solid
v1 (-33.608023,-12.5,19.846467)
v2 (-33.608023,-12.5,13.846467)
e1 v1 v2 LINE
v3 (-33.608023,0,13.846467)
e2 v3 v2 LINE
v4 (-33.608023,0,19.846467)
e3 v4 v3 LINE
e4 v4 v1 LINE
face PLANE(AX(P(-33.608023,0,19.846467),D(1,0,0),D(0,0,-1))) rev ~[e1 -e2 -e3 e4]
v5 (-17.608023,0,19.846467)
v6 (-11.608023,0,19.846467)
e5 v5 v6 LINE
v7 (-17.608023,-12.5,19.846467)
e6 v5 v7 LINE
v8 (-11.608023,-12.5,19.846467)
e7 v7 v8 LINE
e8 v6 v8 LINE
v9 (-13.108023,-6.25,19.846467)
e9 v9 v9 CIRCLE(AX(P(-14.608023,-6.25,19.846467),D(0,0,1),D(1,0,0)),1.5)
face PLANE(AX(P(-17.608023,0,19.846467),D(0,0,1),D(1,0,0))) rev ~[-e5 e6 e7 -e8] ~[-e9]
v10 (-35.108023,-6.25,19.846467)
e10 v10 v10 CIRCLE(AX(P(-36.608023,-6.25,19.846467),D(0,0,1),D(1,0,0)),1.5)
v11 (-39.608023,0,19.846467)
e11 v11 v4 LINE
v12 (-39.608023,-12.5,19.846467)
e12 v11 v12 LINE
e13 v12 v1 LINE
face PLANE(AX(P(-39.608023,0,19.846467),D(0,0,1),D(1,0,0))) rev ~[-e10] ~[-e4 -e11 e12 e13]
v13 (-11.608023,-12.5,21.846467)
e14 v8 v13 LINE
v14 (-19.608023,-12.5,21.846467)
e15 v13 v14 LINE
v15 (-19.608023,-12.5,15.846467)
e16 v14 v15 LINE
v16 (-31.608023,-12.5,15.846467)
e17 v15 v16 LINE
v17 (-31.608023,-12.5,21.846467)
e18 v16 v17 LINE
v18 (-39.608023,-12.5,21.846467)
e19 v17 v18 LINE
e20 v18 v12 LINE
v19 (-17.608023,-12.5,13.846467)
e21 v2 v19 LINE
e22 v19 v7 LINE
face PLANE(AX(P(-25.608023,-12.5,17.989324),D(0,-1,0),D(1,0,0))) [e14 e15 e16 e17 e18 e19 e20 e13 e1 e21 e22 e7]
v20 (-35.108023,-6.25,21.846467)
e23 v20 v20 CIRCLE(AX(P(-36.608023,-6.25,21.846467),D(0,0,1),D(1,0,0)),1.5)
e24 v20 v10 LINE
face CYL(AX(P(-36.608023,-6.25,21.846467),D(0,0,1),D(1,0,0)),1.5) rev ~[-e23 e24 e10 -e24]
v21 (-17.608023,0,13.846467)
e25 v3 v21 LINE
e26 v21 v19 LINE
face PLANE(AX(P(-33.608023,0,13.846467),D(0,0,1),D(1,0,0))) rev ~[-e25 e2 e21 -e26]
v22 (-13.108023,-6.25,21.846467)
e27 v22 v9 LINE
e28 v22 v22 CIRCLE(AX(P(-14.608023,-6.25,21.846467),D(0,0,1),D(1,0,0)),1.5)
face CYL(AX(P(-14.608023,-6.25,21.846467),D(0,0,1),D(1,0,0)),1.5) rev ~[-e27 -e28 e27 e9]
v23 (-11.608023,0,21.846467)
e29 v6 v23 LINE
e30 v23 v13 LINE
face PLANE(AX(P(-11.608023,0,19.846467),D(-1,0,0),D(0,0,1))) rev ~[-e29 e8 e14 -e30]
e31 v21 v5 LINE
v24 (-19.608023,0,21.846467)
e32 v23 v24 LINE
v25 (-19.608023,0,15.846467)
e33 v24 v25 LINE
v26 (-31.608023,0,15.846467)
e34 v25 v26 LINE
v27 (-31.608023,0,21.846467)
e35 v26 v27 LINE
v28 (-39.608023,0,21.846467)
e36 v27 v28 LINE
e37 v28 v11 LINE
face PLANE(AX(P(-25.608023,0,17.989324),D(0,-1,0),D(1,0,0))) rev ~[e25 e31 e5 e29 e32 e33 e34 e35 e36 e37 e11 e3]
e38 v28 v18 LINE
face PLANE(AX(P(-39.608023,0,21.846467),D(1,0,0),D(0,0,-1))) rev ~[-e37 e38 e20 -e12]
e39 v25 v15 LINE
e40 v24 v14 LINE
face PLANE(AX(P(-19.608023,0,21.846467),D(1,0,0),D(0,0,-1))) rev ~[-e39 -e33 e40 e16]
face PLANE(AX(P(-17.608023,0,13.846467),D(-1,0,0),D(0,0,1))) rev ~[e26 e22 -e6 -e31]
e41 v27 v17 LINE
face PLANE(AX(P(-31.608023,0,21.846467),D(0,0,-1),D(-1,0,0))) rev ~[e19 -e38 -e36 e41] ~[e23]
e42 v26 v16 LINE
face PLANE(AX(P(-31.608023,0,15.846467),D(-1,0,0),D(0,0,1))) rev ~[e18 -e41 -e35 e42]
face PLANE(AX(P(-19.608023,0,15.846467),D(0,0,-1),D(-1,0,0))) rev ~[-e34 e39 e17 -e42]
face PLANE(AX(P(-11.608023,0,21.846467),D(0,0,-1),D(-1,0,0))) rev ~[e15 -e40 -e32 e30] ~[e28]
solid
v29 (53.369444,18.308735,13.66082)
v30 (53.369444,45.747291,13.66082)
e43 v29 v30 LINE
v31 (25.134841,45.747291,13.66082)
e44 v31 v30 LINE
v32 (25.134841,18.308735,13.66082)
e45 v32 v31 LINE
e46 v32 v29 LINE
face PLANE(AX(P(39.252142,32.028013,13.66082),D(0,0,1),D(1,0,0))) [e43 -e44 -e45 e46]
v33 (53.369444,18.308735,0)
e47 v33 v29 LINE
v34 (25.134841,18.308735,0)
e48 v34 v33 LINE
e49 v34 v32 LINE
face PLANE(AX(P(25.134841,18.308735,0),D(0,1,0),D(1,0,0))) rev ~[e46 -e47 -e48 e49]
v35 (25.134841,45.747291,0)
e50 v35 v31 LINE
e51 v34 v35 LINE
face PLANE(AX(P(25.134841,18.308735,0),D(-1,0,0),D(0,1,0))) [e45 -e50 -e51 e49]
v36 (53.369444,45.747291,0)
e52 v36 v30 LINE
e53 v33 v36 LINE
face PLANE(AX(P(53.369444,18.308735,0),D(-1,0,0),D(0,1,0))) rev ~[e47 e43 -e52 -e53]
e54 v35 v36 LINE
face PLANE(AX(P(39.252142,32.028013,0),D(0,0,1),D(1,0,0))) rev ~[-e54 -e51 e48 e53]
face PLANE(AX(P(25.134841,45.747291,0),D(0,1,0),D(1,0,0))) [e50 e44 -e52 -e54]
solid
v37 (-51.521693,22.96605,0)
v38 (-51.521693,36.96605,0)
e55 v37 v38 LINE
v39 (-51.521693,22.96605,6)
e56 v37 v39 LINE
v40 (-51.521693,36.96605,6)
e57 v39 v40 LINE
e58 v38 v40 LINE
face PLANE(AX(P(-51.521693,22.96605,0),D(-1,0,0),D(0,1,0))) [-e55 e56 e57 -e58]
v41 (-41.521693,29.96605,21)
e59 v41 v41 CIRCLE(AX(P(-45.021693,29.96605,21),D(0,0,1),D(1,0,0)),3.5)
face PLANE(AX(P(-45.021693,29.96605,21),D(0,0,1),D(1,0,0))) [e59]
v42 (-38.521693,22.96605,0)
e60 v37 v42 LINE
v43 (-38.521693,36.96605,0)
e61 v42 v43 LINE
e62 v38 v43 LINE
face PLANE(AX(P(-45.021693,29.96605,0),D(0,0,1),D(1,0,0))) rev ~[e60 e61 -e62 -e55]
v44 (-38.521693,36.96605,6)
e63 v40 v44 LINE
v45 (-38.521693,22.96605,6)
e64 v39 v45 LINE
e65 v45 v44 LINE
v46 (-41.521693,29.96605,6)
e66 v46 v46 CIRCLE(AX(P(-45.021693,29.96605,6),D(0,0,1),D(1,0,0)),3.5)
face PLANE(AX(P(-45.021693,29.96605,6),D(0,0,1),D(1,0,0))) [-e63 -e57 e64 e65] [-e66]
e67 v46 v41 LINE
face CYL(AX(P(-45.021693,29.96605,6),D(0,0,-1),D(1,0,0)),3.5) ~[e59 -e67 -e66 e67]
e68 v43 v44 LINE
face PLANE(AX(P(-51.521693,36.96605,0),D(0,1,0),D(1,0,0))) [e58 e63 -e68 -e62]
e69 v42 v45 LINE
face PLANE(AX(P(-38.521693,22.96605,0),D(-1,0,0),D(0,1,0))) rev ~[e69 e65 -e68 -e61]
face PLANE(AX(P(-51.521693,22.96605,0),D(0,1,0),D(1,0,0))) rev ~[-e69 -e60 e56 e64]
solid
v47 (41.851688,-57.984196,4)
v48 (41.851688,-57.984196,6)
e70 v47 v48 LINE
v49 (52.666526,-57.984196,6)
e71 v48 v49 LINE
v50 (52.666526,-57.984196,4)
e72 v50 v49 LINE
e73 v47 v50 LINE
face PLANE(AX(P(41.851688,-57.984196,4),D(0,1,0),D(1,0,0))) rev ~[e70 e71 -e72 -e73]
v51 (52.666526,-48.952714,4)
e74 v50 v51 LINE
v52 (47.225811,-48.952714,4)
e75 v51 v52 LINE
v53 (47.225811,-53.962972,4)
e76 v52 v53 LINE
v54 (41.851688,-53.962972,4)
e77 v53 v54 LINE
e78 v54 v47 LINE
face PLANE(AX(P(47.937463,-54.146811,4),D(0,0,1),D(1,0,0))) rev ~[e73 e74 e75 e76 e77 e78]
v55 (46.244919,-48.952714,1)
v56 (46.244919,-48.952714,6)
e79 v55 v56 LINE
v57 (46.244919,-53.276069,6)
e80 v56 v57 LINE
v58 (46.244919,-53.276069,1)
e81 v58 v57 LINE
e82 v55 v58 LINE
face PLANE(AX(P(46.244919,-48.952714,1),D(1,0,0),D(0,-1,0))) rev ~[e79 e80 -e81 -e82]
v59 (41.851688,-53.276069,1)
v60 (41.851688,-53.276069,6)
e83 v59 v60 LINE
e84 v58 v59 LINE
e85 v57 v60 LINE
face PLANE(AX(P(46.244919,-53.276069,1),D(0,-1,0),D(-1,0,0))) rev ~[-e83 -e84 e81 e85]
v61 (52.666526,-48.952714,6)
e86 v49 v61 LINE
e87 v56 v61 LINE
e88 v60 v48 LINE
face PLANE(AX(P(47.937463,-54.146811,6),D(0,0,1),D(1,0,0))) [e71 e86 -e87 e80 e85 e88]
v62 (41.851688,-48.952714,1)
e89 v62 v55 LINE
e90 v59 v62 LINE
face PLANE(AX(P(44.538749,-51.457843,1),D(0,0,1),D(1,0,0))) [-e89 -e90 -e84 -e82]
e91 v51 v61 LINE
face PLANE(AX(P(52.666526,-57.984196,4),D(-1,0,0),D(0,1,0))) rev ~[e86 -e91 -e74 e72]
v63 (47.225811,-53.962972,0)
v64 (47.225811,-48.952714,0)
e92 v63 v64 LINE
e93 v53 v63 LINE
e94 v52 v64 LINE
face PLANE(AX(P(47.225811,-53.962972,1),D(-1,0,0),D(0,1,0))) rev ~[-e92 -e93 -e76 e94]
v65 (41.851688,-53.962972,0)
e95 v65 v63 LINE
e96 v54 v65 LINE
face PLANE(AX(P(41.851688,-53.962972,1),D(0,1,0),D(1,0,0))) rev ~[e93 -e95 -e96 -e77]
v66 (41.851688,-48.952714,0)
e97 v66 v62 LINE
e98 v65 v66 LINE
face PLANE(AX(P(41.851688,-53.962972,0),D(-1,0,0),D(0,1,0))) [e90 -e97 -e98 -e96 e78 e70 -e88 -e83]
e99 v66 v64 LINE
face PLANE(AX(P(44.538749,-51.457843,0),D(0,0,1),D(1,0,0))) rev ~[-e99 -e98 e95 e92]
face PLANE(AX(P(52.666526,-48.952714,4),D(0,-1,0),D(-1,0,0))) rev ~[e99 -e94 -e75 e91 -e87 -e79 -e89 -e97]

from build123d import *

# Parameters (mm, degrees)
F1_DEPTH  = 12.5
F3_R      = 1.5
F4_DEPTH  = 2
F5_W      = 13
F5_H      = 14
F6_DEPTH  = 6
F7_R      = 3.5
F8_DEPTH  = 15
F9_W      = 5.374122411
F9_H      = 5.0102584064
F10_DEPTH = 1
F12_DEPTH = 5
F15_DEPTH = 2
F16_W     = 28.2346028835
F16_H     = 27.4385567755
F17_DEPTH = 13.66082


with BuildPart() as f1:
    # F0 (on Front) → F1 (new body)
    with BuildSketch(Plane.XZ):
        Polygon((-19.6080225684, 15.8464666727), (-31.6080225684, 15.8464666727), (-31.6080225684, 21.8464666727), (-39.6080225684, 21.8464666727), (-39.6080225684, 19.8464666727), (-33.6080225684, 19.8464666727), (-33.6080225684, 13.8464666727), (-17.6080225684, 13.8464666727), (-17.6080225684, 19.8464666727), (-11.6080225684, 19.8464666727), (-11.6080225684, 21.8464666727), (-19.6080225684, 21.8464666727), align=None)
    extrude(amount=F1_DEPTH)

    # F3 (on face) → F4 (cut)
    with BuildSketch(Plane.XY.offset(21.8464666727)):
        with Locations((-36.6080225684, -6.25)):
            Circle(F3_R)
        with Locations((-14.6080225684, -6.25)):
            Circle(F3_R)
    extrude(amount=-F4_DEPTH, mode=Mode.SUBTRACT)


with BuildPart() as f6:
    # F5 (on Top) → F6 (new body)
    with BuildSketch(Plane.XY):
        with Locations((-45.0216927001, 29.9660498276)):
            Rectangle(F5_W, F5_H)
    extrude(amount=F6_DEPTH)

    # F7 (on face) → F8 (join)
    with BuildSketch(Plane.XY.offset(6)):
        with Locations((-45.0216927001, 29.9660498276)):
            Circle(F7_R)
    extrude(amount=F8_DEPTH)


with BuildPart() as f10:
    # F9 (on Top) → F10 (new body)
    with BuildSketch(Plane.XY):
        with Locations((44.5387493819, -51.4578428119)):
            Rectangle(F9_W, F9_H)
    extrude(amount=F10_DEPTH)

    # F11 (on face) → F12 (join)
    with BuildSketch(Plane.XY.offset(1)):
        Polygon((47.2258105874, -48.9527136087), (46.2449193001, -48.9527136087), (46.2449193001, -53.2760694623), (41.8516881764, -53.2760694623), (41.8516881764, -53.9629720151), (47.2258105874, -53.9629720151), align=None)
    extrude(amount=F12_DEPTH)

    # F14 (on offset) → F15 (join)
    with BuildSketch(Plane.XY.offset(4)):
        Polygon((52.6665262878, -48.9527136087), (47.2258105874, -48.9527136087), (47.2258105874, -53.9629720151), (41.8516881764, -53.9629720151), (41.8516881764, -57.9841956496), (52.6665262878, -57.9841956496), align=None)
    extrude(amount=F15_DEPTH)


with BuildPart() as f17:
    # F16 (on Top) → F17 (new body)
    with BuildSketch(Plane.XY):
        with Locations((39.2521424219, 32.028012909)):
            Rectangle(F16_W, F16_H)
    extrude(amount=F17_DEPTH)


solid = Compound([f1.part, f6.part, f10.part, f17.part])
